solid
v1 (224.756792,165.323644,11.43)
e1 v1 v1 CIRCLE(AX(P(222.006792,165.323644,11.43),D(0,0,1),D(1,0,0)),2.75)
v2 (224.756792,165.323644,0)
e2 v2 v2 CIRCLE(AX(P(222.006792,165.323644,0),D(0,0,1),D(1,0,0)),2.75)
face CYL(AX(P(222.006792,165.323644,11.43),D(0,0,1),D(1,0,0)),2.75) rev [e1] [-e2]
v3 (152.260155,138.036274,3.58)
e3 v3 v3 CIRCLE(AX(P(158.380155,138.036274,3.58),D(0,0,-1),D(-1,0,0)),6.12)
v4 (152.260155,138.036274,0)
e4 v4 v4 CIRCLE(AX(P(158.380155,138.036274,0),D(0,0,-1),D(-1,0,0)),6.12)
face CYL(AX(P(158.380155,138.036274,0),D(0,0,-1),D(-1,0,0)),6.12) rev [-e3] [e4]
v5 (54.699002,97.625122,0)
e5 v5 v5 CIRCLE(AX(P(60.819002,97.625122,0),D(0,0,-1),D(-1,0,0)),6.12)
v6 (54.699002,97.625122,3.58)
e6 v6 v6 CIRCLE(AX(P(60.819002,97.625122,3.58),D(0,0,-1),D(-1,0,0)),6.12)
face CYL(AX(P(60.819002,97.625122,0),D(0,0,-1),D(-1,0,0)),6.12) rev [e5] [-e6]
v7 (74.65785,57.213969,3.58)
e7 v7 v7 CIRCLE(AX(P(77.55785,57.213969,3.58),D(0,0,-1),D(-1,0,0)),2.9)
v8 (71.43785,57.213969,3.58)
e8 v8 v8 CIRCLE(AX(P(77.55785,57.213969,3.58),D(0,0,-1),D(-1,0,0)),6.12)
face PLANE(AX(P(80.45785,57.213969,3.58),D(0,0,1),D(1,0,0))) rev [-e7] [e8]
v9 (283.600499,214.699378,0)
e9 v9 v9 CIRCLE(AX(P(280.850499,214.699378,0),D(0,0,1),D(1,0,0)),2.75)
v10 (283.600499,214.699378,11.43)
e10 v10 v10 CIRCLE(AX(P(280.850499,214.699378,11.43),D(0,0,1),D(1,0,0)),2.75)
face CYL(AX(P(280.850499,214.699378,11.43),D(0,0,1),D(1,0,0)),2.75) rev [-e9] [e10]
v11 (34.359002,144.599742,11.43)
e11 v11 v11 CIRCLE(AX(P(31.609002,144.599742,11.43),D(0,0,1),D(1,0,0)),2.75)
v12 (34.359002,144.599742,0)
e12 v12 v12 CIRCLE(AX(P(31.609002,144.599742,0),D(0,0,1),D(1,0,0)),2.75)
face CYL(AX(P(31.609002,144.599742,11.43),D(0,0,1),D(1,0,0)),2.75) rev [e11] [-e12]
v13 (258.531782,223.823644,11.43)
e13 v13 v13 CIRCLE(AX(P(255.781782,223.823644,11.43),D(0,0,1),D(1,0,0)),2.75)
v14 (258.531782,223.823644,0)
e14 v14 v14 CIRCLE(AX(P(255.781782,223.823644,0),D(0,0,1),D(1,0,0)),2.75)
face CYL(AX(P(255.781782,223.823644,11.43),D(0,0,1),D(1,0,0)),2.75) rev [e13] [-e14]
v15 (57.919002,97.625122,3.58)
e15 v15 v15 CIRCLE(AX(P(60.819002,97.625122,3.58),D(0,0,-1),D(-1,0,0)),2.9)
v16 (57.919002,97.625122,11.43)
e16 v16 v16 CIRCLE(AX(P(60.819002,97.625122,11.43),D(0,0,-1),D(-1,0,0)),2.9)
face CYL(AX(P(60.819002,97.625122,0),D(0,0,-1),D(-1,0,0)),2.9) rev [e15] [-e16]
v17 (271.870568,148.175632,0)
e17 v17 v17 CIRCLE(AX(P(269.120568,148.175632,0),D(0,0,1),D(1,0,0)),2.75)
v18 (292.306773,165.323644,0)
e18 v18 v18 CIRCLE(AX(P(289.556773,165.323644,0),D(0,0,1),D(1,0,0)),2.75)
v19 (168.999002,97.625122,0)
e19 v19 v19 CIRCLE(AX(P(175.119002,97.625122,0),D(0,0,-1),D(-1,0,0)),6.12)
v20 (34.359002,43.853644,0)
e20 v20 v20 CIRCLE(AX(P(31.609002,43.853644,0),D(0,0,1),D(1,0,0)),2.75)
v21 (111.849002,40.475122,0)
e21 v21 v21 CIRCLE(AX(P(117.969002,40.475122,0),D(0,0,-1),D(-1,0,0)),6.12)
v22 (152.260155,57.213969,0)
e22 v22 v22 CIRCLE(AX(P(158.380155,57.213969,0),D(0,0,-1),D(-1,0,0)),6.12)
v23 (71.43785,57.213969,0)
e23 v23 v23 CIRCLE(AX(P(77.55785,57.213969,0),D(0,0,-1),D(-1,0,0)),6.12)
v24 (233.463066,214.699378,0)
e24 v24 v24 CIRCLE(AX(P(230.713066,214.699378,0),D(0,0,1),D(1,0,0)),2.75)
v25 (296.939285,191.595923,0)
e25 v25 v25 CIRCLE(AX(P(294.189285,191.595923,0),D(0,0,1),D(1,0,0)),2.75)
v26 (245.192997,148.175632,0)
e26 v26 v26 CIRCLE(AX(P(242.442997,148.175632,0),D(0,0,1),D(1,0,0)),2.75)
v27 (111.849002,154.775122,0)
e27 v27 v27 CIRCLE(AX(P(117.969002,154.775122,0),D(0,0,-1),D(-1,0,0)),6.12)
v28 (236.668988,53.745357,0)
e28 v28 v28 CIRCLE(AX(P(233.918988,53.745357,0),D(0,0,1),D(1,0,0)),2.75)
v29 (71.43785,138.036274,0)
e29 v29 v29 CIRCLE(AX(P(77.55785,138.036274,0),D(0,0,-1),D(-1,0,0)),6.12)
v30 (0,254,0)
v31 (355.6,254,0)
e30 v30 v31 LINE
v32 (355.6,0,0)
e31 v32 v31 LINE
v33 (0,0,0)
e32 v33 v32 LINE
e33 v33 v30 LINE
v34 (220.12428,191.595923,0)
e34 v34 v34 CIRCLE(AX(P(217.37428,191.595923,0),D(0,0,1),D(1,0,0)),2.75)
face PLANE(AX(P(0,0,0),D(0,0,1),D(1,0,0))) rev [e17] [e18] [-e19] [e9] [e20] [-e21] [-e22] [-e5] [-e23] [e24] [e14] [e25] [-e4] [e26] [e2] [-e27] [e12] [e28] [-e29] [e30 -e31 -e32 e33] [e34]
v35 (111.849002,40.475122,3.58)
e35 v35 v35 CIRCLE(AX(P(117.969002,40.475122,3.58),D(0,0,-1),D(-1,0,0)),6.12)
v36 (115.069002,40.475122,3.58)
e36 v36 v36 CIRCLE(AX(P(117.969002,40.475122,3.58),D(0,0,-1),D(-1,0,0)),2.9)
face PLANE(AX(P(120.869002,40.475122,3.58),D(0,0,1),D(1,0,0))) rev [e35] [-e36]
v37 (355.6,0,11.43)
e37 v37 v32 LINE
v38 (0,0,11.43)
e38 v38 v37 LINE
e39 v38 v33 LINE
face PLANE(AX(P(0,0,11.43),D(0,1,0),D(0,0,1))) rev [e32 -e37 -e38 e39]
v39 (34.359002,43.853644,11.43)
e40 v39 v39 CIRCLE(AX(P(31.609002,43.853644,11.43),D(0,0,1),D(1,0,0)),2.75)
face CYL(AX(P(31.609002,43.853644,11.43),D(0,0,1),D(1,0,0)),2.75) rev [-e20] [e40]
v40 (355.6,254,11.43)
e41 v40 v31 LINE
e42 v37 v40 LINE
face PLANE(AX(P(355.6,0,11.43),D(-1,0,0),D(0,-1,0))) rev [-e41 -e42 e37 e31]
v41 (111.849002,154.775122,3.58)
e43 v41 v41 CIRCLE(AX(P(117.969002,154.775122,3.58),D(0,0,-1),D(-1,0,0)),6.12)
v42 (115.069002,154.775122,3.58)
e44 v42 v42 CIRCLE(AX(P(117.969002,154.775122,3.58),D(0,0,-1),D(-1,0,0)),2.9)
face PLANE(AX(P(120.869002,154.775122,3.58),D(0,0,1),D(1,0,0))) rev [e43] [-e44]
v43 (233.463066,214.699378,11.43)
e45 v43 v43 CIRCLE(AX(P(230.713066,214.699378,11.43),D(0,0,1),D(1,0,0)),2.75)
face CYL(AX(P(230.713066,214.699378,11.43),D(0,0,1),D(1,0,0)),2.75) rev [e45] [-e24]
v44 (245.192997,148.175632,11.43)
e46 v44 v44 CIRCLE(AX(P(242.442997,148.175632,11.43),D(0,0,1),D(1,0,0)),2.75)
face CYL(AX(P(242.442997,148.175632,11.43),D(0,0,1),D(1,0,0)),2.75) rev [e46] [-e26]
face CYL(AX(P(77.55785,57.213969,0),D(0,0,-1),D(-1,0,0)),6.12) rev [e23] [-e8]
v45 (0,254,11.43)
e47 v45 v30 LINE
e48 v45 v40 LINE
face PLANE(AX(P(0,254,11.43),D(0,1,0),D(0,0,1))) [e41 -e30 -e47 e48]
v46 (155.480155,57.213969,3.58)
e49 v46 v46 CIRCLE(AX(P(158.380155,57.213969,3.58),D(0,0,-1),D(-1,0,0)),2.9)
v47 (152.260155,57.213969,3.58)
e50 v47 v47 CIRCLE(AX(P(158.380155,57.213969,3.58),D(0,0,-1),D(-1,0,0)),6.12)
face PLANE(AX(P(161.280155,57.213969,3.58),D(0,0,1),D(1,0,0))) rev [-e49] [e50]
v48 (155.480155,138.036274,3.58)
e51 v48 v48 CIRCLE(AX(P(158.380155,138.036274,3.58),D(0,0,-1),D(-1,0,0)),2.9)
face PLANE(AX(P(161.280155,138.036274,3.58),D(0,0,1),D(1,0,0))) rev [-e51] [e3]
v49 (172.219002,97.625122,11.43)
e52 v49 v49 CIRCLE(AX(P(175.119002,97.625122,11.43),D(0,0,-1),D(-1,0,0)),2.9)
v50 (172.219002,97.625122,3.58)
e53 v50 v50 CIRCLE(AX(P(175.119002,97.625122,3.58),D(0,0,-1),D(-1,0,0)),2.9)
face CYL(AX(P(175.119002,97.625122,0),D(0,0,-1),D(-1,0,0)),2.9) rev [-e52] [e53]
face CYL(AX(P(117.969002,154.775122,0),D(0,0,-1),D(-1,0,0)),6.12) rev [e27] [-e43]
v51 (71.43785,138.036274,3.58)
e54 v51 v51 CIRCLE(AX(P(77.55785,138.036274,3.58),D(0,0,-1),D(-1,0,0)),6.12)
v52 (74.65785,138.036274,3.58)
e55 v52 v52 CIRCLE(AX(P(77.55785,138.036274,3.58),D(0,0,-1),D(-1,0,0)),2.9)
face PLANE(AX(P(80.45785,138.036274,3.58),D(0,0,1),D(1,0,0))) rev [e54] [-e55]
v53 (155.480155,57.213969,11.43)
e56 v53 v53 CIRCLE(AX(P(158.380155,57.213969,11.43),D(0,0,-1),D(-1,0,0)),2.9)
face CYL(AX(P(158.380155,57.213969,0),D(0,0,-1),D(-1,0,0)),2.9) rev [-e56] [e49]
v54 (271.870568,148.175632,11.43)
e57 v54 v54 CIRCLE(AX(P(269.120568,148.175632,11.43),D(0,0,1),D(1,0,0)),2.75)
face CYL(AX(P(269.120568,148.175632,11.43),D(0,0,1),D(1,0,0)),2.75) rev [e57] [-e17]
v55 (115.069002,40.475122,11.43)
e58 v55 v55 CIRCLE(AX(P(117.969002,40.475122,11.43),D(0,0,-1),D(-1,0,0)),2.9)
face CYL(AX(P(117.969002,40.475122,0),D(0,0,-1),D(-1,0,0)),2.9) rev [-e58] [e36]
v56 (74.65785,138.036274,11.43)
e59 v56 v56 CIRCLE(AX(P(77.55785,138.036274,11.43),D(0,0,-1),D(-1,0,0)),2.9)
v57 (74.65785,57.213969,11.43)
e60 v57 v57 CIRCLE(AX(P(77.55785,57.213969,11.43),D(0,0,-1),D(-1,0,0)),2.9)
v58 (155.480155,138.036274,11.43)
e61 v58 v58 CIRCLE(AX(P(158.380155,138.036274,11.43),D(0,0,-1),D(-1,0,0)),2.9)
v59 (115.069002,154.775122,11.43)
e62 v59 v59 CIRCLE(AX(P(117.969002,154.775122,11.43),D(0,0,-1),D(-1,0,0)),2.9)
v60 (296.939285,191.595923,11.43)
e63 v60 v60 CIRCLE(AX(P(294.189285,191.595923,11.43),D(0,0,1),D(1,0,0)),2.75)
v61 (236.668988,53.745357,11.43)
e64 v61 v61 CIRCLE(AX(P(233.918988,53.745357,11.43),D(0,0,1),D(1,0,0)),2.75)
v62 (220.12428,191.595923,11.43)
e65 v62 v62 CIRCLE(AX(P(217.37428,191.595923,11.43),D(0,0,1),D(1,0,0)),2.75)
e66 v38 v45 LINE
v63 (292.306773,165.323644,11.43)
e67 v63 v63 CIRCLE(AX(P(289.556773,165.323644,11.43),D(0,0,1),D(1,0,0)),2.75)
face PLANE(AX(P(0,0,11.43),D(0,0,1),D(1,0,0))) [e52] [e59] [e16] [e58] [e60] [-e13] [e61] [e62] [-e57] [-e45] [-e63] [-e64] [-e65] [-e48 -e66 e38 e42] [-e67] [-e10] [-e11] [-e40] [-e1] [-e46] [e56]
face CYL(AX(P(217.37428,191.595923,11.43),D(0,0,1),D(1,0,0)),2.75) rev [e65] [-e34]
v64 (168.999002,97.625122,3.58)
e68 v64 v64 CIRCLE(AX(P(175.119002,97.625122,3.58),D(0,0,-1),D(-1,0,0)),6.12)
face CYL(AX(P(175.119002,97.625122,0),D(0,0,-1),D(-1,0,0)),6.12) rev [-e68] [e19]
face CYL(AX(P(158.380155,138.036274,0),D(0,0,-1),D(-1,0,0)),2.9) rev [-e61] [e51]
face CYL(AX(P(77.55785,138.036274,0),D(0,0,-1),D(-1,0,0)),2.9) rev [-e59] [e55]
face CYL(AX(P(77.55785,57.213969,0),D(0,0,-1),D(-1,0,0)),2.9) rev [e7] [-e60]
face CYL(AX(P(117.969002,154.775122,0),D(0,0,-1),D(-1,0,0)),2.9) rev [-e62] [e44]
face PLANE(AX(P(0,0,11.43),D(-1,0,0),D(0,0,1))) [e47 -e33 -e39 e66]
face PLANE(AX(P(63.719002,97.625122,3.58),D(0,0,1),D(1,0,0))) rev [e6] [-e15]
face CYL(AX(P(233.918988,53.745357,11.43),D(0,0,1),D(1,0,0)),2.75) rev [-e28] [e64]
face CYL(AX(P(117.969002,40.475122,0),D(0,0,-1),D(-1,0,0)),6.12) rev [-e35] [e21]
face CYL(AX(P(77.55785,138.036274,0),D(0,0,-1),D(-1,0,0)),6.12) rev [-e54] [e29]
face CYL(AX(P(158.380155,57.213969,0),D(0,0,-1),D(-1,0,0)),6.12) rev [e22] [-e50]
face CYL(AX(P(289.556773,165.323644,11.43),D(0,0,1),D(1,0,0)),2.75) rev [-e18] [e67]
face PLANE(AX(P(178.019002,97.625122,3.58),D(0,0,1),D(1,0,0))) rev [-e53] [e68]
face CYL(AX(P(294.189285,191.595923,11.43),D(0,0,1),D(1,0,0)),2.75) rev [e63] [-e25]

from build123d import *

# Parameters (mm, degrees)
SKETCH1_W                               = 355.6
SKETCH1_H                               = 254
BOSS_EXTRUDE1_DEPTH                     = 11.43
CBORE_FOR_M5_HEX_HEAD_BOLT1_D           = 5.8
CBORE_FOR_M5_HEX_HEAD_BOLT1_CBORE_D     = 12.24
CBORE_FOR_M5_HEX_HEAD_BOLT1_CBORE_DEPTH = 3.58
M5_CLEARANCE_HOLE1_D                    = 5.5


with BuildPart() as part:
    # Sketch1 → Boss-Extrude1 (new body)
    with BuildSketch(Plane.XY):
        with Locations((177.8, 127)):
            Rectangle(SKETCH1_W, SKETCH1_H)
    extrude(amount=BOSS_EXTRUDE1_DEPTH)

    # CBORE for M5 Hex Head Bolt1 (through all)
    with Locations(Plane(origin=(0, 0, 0), x_dir=(-1, 0, 0), z_dir=(0, 0, -1))):
        with Locations((-158.380154843, 138.036274419), (-117.969002298, 154.775121874), (-77.557849753, 138.036274419), (-60.819002298, 97.625121874), (-77.557849753, 57.213969329), (-117.969002298, 40.475121874), (-158.380154843, 57.213969329), (-175.119002298, 97.625121874)):
            CounterBoreHole(CBORE_FOR_M5_HEX_HEAD_BOLT1_D / 2, CBORE_FOR_M5_HEX_HEAD_BOLT1_CBORE_D / 2, CBORE_FOR_M5_HEX_HEAD_BOLT1_CBORE_DEPTH)

    # M5 Clearance Hole1 (through all)
    with Locations(Plane.XY.offset(11.43)):
        with Locations((31.609002298, 43.853644454), (31.609002298, 144.599742174), (233.918988076, 53.745357208), (255.781782298, 223.823644432), (280.850499062, 214.699377719), (294.189284644, 191.595923379), (289.556773026, 165.323644465), (269.12056788, 148.175632264), (242.442996716, 148.175632264), (222.006791569, 165.323644465), (217.374279952, 191.595923379), (230.713065534, 214.699377719)):
            Hole(M5_CLEARANCE_HOLE1_D / 2)


solid = part.part
